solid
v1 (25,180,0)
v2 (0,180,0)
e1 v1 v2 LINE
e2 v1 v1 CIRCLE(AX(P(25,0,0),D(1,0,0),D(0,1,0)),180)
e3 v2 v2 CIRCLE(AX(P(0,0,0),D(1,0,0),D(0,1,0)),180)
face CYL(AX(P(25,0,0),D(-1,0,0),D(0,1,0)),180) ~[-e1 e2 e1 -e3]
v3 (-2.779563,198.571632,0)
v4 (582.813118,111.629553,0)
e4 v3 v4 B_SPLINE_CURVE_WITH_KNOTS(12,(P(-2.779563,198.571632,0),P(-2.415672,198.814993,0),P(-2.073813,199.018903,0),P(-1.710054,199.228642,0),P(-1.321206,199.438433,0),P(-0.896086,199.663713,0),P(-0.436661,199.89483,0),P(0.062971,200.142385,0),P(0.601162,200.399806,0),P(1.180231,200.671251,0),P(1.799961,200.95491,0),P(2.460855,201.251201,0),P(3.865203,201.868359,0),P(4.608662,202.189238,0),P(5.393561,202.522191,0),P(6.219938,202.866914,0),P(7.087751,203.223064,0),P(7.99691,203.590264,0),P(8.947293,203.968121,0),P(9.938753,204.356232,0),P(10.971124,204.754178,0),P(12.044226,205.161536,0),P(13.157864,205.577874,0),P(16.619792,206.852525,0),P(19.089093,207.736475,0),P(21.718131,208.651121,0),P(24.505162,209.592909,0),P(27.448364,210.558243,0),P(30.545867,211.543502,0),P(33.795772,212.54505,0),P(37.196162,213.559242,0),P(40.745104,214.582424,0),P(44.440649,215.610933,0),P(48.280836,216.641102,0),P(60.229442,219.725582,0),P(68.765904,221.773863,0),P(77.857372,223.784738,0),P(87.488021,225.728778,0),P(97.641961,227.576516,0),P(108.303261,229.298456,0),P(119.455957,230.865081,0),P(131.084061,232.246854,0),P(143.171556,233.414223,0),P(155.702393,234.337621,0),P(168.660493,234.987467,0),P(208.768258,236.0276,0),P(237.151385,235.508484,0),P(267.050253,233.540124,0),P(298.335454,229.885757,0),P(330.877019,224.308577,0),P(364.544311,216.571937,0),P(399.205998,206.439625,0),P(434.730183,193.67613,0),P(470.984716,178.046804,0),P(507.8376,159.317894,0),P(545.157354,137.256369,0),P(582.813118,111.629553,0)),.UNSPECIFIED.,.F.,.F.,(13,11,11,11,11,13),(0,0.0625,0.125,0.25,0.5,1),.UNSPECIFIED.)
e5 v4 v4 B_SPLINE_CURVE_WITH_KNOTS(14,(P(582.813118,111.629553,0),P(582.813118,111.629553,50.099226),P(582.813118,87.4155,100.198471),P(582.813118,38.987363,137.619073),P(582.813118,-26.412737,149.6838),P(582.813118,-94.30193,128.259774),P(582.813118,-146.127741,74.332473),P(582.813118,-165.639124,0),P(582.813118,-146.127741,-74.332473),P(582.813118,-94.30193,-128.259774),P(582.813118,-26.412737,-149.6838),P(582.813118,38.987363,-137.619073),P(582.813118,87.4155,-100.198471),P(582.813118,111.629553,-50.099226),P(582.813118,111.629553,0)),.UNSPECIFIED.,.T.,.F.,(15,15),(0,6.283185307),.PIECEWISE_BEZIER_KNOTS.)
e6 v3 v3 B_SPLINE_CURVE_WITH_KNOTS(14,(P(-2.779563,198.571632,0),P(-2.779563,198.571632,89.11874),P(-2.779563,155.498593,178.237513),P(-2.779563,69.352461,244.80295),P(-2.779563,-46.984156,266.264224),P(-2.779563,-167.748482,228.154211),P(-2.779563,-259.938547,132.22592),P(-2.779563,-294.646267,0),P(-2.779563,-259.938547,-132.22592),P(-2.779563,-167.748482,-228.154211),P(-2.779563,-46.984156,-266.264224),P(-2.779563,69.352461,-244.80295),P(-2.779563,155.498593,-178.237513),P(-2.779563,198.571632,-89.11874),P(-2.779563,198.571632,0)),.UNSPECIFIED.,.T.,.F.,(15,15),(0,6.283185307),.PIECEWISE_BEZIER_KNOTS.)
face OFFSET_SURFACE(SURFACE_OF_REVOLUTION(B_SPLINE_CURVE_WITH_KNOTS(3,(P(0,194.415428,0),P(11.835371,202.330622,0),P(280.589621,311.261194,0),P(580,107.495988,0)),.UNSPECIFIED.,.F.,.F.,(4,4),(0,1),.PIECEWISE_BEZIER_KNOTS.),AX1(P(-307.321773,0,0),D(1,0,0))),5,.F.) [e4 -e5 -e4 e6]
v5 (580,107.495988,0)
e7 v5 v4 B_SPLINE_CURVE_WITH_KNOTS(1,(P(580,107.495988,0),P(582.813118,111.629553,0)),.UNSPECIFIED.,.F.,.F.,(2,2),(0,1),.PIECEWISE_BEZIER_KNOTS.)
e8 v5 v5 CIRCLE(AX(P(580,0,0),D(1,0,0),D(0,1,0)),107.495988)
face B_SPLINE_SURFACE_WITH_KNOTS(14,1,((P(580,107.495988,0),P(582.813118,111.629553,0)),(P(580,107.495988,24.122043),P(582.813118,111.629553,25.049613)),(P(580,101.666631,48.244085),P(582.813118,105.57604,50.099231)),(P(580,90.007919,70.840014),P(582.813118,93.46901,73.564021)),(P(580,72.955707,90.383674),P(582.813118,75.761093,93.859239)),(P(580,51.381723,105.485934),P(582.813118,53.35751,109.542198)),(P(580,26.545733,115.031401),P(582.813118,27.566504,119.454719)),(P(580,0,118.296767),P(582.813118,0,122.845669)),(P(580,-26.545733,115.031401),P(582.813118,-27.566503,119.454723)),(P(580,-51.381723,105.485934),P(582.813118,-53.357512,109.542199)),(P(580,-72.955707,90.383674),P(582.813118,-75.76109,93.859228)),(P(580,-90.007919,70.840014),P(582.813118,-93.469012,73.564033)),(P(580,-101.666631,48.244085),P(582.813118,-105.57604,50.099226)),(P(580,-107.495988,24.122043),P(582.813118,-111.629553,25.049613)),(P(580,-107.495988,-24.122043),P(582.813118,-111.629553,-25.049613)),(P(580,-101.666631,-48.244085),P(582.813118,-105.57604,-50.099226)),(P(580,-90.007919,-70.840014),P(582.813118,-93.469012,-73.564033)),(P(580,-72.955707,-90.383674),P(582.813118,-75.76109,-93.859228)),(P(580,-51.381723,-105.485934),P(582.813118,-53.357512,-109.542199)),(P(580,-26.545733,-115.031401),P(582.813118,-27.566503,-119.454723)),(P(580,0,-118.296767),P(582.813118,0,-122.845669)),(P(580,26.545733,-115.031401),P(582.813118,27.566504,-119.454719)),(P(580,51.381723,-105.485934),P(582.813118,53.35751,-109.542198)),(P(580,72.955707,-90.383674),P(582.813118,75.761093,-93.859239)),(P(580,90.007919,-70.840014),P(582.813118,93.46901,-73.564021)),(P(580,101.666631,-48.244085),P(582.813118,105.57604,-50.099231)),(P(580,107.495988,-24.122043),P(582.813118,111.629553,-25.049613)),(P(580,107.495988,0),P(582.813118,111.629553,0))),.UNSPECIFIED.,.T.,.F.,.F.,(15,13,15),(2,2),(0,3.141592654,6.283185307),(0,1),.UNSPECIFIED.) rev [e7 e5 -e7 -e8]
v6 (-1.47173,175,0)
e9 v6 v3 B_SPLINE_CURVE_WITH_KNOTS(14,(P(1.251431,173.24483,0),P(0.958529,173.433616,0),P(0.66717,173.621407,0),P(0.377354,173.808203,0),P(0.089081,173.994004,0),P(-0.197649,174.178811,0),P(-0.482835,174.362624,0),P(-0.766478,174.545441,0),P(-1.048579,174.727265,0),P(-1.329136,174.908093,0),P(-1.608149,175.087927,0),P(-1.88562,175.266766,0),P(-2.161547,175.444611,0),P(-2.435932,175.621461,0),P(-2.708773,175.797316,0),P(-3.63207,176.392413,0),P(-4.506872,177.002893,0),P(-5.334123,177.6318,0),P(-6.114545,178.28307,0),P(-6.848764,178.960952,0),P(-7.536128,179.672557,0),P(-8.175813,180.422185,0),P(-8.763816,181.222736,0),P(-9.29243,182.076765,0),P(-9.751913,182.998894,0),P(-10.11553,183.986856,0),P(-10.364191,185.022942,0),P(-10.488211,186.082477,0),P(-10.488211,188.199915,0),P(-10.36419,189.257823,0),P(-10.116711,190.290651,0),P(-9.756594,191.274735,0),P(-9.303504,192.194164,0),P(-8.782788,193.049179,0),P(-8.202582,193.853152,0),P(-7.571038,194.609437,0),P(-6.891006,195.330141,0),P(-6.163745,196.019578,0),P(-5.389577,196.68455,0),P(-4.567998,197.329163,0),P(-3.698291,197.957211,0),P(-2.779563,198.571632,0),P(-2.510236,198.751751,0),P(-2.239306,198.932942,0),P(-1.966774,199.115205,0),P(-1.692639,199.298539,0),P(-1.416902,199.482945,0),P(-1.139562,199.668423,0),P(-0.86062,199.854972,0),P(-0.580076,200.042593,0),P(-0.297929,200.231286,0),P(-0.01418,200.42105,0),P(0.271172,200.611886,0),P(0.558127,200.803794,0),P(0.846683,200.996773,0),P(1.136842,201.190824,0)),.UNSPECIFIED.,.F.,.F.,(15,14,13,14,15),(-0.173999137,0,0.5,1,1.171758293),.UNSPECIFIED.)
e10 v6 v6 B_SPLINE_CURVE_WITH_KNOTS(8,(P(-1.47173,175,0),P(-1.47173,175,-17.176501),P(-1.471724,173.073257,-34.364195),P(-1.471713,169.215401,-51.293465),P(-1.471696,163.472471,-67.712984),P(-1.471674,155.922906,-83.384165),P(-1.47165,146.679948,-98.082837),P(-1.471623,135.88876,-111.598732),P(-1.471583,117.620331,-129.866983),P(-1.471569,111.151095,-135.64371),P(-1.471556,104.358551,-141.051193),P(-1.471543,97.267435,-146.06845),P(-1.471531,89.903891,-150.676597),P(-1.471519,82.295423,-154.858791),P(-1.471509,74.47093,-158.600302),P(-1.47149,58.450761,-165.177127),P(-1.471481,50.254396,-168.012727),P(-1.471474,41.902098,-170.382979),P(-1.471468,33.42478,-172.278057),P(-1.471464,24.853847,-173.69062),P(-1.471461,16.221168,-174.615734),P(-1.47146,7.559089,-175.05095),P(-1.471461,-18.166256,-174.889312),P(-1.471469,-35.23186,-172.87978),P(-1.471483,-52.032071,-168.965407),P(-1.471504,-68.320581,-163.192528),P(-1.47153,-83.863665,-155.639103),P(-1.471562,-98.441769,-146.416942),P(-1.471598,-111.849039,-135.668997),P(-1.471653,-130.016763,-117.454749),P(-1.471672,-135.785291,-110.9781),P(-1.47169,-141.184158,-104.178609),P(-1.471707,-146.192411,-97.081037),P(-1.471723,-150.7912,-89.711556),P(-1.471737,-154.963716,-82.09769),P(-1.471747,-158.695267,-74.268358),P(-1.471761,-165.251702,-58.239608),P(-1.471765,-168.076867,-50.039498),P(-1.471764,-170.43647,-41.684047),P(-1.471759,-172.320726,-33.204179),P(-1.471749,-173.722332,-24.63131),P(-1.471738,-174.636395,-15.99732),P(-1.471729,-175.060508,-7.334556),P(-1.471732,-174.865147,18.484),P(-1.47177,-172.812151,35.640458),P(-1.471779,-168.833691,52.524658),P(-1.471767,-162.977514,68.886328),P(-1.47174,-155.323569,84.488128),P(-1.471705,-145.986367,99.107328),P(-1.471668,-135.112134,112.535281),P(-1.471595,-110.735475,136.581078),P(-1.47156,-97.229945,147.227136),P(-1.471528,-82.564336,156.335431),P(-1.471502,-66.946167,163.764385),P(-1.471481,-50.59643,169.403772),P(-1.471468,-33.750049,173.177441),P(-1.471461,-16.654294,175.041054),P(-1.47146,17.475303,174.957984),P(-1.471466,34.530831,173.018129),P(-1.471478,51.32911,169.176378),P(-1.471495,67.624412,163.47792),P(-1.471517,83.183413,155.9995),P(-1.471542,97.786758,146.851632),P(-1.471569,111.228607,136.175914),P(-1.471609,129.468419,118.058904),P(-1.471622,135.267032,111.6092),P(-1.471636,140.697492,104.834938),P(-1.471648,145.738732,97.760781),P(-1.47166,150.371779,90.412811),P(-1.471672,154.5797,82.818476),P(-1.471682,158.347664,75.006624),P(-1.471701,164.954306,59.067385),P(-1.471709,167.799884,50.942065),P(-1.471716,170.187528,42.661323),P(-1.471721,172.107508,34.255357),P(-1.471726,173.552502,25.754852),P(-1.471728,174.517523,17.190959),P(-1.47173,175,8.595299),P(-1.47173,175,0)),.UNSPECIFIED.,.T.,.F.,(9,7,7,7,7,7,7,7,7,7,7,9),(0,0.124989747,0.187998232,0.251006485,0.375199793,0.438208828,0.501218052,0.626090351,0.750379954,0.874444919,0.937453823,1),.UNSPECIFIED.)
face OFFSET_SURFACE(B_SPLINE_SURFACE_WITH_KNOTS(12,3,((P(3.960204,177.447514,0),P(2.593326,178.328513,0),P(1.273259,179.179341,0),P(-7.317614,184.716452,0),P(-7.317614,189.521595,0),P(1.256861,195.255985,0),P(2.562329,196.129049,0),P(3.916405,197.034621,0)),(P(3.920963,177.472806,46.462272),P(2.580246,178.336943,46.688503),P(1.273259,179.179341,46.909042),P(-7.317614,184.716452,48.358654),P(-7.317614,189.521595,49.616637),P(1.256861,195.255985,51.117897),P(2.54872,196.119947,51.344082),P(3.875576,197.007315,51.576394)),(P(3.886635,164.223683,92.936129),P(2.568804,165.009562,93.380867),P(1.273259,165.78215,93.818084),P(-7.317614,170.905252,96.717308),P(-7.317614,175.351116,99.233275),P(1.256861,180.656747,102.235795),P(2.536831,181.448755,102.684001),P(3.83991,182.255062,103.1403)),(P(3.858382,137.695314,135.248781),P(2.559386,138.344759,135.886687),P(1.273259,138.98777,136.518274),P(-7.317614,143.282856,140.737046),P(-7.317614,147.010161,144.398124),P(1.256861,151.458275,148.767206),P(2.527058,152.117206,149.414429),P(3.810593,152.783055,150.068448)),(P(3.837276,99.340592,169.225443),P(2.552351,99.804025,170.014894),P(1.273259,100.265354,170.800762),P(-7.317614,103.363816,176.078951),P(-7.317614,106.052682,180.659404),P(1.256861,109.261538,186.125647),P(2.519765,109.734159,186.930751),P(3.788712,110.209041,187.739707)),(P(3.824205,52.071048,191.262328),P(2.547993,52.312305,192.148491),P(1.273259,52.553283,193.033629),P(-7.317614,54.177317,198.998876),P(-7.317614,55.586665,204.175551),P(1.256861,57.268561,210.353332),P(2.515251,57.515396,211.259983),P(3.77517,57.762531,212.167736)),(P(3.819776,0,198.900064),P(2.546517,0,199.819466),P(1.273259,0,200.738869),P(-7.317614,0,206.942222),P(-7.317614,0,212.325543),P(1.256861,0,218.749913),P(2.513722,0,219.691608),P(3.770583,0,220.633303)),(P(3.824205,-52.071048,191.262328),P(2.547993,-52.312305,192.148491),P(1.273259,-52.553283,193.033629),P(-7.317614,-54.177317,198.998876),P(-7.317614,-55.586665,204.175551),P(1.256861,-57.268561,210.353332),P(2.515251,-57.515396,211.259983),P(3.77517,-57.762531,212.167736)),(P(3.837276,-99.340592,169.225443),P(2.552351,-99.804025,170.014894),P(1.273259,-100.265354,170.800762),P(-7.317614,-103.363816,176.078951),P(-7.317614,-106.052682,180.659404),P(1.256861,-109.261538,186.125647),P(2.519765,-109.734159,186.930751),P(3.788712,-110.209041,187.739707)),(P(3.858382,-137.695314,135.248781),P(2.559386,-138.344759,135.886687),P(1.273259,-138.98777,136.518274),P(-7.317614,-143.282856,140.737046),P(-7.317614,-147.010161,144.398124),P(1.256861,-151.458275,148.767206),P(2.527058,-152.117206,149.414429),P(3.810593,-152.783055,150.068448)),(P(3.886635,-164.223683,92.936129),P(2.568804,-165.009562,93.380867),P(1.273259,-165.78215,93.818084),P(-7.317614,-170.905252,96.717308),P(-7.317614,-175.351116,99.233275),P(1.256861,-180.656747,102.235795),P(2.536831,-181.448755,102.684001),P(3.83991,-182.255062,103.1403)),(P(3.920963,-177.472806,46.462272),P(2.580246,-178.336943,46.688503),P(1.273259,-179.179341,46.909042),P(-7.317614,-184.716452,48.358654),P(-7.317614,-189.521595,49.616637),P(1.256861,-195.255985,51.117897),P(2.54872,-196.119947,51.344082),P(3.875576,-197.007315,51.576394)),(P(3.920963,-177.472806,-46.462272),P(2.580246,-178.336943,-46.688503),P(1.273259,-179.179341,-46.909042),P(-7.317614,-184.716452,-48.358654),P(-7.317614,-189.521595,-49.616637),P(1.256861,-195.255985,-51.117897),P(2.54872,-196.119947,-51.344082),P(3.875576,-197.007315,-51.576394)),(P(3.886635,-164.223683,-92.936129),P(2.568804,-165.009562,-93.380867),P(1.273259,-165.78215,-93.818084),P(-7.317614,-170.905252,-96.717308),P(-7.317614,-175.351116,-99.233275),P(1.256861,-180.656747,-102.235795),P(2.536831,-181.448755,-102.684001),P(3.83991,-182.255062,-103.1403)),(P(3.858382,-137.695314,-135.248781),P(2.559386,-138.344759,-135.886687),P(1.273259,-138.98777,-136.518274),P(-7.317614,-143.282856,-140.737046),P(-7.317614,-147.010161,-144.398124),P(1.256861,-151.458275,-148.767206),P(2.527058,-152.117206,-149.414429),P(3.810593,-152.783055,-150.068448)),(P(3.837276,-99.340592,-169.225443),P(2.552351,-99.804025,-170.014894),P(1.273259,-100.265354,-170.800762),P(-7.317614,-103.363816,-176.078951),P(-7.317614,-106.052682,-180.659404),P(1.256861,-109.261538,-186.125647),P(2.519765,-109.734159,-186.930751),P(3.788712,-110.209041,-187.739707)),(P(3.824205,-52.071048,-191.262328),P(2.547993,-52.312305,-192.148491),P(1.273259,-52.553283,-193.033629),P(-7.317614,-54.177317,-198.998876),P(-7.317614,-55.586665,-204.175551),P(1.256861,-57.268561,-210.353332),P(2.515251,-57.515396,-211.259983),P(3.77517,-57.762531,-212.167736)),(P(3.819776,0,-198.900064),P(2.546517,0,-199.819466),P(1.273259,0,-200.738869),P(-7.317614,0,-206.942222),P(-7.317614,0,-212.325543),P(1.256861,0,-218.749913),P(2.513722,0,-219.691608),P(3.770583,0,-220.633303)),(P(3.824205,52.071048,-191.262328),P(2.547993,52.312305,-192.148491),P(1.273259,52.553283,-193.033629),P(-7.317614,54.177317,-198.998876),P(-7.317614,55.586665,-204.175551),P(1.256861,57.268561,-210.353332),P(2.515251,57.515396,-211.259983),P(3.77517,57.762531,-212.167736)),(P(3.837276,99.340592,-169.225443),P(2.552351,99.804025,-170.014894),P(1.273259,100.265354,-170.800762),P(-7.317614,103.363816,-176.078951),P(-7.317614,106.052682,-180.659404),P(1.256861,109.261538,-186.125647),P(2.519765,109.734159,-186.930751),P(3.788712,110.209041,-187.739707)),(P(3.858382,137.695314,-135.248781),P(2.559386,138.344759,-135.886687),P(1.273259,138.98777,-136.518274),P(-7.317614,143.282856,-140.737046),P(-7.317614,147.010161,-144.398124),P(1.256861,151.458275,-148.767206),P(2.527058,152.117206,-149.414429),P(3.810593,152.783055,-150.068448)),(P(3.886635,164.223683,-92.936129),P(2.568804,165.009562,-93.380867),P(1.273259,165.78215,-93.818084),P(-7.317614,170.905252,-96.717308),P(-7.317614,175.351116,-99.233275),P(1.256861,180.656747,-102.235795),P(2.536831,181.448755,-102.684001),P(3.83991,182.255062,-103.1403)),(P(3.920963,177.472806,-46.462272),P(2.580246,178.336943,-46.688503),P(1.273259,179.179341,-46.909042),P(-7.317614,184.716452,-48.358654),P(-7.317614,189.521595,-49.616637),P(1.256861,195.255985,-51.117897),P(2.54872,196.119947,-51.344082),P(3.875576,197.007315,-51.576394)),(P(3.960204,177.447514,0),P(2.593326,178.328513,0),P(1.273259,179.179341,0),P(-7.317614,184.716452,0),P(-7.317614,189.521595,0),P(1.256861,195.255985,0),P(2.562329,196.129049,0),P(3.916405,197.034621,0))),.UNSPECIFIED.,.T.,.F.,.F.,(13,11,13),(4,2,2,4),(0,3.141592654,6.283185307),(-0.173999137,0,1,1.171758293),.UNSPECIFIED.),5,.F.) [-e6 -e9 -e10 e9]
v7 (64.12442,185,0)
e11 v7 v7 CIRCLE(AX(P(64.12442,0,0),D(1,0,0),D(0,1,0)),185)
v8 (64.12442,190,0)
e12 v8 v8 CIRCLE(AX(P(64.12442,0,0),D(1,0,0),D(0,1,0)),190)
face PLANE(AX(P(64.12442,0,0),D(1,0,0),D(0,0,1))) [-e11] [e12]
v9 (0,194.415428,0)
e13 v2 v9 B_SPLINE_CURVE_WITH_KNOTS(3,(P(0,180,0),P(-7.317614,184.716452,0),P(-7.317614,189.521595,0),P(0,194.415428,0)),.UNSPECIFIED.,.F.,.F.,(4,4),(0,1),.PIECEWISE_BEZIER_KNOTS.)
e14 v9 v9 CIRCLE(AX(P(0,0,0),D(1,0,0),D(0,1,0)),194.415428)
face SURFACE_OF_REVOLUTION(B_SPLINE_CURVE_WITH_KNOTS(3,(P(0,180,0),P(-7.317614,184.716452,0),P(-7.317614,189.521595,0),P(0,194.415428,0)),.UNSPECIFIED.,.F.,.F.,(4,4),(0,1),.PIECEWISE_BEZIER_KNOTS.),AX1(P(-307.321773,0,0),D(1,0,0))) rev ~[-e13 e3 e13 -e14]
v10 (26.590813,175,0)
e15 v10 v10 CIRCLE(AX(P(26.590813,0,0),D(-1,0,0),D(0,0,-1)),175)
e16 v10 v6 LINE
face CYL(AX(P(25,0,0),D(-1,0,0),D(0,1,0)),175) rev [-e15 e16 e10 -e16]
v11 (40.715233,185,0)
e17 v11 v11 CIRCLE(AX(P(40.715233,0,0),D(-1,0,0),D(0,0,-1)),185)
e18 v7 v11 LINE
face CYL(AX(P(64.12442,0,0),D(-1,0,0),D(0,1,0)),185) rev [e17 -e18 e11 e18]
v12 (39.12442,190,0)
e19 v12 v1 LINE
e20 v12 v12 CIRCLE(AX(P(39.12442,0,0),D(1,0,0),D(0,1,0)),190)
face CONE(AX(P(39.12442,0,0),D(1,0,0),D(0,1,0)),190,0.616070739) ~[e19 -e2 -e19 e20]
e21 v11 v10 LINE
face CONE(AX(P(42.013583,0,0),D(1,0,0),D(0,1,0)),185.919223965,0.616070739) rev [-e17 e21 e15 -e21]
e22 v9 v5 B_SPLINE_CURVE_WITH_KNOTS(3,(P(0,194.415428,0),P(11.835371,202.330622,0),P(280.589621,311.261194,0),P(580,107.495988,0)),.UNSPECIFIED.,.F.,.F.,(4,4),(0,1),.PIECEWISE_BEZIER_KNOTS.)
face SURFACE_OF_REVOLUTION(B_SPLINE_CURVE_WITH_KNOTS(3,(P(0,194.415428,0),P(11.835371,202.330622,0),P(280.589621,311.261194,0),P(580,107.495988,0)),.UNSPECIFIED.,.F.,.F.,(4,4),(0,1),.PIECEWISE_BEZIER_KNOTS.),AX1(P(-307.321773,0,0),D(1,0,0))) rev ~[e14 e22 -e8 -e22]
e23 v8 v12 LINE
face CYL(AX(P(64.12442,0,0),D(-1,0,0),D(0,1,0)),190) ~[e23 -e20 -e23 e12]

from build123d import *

# Parameters (mm, degrees)
THICKEN1_T1 = 5


with BuildPart() as body_1:
    # Surface-Revolve1: a surface, the sketch's curves turned about an axis
    with BuildLine(Plane.XY, mode=Mode.PRIVATE) as surface_revolve1_1_path:
        Line((64.124419527, 190), (39.124419527, 190))
        Line((39.124419527, 190), (25, 180))
        Line((25, 180), (0, 180))
        add(Edge.make_bspline(
            [(0, 180), (-7.31761437, 184.716451762), (-7.31761437, 189.521594581), (0, 194.415428455)],
            knots=[0, 0, 0, 0, 1, 1, 1, 1], degree=3))
        add(Edge.make_bspline(
            [(0, 194.415428455), (11.83537059, 202.330622476), (280.589620529, 311.261194418), (580, 107.495987807)],
            knots=[0, 0, 0, 0, 1, 1, 1, 1], degree=3))
    surface_revolve1_1 = Shell.revolve(surface_revolve1_1_path.wire(), 360, Axis((-307.32177264, 0, 0), (1, 0, 0)))
    add(Solid.thicken(surface_revolve1_1, THICKEN1_T1))


solid = body_1.part
